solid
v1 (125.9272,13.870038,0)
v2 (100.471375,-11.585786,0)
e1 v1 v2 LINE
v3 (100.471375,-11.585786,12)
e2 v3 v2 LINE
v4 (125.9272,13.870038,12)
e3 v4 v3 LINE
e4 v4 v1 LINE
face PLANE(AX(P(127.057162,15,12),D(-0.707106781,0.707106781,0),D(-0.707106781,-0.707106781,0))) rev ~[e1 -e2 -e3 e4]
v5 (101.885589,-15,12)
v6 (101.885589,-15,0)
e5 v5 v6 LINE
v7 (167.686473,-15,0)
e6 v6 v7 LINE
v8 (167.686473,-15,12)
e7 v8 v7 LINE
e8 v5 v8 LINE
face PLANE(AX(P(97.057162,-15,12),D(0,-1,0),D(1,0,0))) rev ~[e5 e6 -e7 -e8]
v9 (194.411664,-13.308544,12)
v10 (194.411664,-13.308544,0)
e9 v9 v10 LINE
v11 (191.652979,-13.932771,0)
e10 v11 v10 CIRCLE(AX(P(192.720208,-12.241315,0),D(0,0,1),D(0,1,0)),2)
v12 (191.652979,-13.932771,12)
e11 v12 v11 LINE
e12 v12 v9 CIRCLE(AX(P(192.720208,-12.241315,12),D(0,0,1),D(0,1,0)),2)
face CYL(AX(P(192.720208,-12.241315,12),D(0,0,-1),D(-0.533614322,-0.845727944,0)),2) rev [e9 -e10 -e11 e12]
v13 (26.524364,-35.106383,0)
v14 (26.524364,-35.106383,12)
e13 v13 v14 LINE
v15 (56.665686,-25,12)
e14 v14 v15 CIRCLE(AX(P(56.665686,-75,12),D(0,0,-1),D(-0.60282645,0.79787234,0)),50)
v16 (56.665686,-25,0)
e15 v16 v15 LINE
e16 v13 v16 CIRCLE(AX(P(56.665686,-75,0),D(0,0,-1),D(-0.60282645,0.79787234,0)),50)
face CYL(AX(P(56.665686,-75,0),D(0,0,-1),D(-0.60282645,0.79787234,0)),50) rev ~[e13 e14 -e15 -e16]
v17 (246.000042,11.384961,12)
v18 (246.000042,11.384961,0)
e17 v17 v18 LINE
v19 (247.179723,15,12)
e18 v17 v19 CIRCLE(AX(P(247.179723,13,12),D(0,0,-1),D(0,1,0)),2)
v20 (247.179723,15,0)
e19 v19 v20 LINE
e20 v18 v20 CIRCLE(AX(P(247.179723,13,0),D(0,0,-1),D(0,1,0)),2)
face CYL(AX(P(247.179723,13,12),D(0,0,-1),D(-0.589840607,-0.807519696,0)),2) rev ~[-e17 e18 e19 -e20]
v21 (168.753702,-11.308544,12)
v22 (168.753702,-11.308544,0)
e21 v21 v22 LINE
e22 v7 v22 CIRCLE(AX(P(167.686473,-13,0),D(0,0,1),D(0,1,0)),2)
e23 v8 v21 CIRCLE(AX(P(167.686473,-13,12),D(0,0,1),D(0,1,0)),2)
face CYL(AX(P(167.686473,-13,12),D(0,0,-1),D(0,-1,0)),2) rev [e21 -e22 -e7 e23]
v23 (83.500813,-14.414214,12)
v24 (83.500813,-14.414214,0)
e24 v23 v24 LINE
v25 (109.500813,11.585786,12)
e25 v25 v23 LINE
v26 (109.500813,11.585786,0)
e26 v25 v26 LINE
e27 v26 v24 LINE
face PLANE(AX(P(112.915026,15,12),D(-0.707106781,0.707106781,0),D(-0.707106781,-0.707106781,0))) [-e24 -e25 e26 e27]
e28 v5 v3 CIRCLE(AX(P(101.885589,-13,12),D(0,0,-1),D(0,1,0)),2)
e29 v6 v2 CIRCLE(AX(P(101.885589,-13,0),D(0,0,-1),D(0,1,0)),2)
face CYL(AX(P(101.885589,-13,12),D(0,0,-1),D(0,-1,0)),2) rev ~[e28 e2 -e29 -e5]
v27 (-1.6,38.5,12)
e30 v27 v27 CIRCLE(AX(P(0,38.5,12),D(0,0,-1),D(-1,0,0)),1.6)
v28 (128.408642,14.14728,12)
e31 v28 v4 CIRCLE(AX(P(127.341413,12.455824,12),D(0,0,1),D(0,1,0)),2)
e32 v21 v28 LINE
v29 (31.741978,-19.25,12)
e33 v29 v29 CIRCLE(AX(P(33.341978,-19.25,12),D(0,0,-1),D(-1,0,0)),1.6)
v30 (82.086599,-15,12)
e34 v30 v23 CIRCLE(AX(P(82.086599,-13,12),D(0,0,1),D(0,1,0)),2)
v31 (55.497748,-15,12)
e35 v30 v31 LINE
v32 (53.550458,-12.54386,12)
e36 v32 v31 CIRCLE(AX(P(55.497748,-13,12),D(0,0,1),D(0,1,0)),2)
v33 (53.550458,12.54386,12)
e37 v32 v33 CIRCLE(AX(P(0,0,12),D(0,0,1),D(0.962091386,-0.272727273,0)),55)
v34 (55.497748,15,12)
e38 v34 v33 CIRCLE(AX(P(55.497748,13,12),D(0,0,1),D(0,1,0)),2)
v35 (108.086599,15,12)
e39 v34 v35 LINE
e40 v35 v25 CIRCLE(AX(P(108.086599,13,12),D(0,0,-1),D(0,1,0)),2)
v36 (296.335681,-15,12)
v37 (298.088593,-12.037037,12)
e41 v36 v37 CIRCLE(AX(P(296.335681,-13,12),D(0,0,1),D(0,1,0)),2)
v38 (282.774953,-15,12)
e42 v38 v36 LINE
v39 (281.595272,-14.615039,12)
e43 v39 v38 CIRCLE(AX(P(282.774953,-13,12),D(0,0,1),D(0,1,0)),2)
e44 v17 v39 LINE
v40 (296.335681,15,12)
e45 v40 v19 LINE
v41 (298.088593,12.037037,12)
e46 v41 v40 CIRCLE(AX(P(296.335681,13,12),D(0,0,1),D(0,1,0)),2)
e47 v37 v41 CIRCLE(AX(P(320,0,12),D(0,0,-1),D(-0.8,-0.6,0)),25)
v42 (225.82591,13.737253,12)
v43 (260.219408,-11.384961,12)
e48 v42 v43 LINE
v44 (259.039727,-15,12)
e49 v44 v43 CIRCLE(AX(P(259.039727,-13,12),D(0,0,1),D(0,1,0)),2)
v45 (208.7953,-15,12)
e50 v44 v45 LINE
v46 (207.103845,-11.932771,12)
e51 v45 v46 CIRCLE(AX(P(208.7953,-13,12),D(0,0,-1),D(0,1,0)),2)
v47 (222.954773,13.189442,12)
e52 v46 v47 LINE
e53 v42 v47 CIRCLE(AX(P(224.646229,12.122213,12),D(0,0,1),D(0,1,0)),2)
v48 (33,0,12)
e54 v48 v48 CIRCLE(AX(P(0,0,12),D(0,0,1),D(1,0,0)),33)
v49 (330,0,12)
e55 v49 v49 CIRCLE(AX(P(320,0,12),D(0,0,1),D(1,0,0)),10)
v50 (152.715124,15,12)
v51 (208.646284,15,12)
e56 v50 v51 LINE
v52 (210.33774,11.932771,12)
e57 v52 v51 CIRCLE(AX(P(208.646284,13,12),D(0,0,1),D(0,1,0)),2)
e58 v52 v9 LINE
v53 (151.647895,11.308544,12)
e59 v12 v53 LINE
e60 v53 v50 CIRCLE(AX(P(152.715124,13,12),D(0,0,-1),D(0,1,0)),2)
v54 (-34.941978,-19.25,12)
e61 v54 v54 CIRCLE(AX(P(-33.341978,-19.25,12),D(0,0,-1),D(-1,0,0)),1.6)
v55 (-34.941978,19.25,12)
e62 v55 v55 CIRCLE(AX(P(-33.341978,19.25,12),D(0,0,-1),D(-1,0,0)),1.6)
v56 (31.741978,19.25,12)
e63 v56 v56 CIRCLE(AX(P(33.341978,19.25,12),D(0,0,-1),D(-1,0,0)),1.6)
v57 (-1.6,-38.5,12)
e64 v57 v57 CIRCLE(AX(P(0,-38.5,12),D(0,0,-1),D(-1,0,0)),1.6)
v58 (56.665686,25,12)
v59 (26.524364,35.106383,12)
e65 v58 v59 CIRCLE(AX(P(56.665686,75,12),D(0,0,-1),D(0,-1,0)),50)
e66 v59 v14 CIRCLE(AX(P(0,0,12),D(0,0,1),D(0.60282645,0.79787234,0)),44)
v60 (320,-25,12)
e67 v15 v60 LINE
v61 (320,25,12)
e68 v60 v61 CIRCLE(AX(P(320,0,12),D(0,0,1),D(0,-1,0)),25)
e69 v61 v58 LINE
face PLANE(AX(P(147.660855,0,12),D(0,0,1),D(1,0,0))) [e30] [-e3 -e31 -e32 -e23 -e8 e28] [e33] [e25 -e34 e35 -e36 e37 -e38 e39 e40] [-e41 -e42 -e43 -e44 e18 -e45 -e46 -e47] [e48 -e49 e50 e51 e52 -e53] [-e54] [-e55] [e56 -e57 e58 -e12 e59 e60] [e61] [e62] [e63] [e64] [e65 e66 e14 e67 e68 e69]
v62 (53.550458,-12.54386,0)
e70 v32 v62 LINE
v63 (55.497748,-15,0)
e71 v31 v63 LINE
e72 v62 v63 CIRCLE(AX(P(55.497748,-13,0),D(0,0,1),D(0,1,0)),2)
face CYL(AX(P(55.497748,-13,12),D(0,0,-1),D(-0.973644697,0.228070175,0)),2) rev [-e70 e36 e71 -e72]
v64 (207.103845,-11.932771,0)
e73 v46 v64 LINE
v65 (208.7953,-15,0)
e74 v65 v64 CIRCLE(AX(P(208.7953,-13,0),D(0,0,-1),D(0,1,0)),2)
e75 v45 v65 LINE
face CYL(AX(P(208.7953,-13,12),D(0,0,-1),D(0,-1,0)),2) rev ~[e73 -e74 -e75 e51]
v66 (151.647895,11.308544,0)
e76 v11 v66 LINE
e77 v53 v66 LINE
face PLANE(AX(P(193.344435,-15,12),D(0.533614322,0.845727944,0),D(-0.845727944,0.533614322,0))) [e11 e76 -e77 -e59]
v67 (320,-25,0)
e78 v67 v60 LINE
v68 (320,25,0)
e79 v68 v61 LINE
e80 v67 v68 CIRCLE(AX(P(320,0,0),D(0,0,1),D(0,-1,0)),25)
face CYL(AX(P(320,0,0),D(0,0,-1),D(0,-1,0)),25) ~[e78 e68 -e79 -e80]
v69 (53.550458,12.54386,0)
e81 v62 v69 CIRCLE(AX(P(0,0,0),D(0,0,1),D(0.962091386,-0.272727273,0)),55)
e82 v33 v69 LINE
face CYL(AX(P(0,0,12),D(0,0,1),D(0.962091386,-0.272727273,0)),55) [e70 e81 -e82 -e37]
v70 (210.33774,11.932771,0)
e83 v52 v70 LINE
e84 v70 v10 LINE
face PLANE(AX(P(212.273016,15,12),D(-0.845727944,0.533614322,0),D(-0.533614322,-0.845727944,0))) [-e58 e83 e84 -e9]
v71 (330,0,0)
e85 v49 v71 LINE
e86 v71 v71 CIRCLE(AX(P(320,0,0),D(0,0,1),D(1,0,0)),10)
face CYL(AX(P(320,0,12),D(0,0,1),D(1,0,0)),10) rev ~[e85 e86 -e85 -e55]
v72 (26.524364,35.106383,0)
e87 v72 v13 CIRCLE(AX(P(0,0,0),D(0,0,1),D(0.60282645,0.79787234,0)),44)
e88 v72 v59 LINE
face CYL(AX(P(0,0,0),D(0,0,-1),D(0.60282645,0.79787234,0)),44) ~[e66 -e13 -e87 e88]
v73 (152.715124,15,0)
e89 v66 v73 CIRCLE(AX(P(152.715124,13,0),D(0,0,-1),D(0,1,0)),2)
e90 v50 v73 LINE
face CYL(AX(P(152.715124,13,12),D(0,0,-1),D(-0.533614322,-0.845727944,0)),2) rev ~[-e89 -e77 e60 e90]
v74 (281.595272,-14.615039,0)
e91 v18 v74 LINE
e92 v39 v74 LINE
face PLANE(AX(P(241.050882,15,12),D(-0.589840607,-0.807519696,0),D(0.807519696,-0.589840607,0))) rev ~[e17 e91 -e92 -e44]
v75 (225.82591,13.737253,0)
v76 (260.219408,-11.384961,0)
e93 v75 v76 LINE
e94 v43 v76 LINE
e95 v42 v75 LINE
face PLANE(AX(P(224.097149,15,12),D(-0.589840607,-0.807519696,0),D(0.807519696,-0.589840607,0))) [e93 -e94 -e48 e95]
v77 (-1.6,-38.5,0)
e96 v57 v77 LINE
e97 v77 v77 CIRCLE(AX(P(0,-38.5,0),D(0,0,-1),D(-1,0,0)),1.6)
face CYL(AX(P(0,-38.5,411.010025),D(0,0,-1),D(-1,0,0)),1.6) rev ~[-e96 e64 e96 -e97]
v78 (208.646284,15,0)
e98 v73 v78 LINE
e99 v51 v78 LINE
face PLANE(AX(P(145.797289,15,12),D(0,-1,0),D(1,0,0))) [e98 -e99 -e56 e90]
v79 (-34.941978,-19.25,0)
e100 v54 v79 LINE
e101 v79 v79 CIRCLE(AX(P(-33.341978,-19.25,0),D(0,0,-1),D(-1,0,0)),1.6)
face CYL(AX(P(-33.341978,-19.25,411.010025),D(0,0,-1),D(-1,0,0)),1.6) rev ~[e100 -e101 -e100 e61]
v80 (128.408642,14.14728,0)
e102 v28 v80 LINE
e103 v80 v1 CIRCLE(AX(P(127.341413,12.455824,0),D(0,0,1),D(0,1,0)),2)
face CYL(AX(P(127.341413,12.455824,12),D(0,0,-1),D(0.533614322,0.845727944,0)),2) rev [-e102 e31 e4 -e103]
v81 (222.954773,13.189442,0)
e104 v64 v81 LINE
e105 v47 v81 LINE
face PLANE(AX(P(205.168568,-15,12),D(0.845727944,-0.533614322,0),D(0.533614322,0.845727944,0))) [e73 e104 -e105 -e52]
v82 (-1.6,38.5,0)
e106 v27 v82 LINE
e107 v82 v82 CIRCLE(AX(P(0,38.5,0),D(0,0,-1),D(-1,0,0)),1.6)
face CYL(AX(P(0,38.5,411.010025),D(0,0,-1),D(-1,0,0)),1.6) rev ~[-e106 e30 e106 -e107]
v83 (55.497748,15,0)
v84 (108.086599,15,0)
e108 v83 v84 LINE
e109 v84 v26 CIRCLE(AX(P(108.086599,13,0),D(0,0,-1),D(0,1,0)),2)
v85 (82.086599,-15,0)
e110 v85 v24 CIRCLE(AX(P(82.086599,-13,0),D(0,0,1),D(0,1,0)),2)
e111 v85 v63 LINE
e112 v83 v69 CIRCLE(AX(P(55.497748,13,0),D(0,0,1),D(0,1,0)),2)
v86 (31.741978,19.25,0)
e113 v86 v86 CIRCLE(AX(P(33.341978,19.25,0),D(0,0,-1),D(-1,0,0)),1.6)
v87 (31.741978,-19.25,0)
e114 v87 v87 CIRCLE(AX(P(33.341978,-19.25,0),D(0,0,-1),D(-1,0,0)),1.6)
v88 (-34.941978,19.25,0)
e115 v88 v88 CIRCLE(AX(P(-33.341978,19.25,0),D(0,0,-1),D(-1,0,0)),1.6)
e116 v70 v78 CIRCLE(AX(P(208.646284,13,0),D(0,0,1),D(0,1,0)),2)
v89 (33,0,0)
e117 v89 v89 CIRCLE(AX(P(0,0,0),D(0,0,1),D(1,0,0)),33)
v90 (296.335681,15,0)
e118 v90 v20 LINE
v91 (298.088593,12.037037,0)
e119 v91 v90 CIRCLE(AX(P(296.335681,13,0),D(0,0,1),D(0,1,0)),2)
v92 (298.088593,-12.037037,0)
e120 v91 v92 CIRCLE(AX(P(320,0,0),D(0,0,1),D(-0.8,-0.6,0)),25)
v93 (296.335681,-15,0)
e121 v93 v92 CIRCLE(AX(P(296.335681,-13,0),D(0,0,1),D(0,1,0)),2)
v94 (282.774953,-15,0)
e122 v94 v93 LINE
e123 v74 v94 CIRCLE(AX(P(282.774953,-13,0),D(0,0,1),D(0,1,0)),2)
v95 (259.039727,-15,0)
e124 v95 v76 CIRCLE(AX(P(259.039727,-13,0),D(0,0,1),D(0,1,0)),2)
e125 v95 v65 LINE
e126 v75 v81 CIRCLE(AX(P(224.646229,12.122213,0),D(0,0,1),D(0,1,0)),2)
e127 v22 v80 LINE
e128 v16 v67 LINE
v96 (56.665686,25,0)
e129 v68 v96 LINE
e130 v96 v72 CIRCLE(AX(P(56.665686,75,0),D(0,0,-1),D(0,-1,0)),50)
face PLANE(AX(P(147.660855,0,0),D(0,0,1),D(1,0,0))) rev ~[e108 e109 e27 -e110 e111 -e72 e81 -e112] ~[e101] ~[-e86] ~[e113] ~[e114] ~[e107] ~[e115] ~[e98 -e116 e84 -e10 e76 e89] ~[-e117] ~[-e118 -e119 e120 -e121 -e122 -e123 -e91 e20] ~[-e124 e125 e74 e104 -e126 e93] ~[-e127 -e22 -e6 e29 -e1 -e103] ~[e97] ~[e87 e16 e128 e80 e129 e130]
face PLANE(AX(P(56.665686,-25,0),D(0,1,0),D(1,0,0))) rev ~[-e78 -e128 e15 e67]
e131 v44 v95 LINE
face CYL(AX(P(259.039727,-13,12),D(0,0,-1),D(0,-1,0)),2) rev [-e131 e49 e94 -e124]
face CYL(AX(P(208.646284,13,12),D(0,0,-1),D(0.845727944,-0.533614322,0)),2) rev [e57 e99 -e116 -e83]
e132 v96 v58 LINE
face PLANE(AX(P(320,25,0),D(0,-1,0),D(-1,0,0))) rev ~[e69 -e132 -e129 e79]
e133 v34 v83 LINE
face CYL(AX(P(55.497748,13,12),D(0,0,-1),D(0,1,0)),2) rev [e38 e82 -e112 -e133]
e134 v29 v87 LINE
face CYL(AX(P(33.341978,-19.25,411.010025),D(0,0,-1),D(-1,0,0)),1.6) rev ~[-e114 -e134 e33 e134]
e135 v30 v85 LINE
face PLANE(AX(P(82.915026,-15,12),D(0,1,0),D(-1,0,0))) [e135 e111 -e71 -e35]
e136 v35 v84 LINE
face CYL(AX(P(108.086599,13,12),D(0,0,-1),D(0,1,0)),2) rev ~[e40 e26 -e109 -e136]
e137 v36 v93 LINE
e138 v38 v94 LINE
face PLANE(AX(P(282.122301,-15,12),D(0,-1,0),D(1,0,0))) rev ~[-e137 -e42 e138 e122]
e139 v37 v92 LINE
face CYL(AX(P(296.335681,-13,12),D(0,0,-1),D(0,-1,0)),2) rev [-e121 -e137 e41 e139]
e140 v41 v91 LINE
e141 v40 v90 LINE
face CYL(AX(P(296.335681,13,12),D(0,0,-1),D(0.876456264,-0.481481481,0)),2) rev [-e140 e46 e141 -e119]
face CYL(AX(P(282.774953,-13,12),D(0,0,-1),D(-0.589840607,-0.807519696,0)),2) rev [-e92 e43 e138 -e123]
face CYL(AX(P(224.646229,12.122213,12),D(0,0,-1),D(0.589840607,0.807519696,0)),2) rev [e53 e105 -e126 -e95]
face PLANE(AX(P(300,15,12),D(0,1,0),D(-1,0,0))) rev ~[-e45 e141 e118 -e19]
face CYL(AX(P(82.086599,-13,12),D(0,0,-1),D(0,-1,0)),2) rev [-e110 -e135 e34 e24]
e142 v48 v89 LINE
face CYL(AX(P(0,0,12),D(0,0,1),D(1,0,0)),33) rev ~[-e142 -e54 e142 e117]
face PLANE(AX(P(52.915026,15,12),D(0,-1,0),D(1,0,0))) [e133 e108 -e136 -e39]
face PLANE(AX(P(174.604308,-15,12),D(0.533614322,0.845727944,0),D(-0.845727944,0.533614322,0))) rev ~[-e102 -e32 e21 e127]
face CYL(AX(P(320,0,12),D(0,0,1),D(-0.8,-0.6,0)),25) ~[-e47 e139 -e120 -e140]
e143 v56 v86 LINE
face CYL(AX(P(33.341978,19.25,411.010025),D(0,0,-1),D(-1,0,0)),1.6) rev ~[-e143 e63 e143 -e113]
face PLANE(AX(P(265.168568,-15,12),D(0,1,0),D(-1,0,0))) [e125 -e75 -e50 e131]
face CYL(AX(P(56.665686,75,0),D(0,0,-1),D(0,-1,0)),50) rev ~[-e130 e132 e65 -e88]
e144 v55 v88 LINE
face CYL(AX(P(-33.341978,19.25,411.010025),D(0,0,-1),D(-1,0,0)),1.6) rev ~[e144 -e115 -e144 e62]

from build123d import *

# Parameters (mm, degrees)
EXTRUDE_1_DEPTH         = 12
SKETCH_5_R              = 33
SKETCH_5_R_2            = 10
CUT_EXTRUDE_1_DEPTH     = 349.001436779
CUT_EXTRUDE_2_DEPTH     = 349.001436779
FILLET_1_R              = 2
HOLE_WIZARD_3_2_3_2_1_D = 3.2


with BuildPart() as part:
    # 草图1 → 凸台-拉伸1 (new body)
    with BuildSketch(Plane.XY):
        with BuildLine():
            Line((320, 25), (56.665686266, 25))
            ThreePointArc((56.665686266, 25), (40.770417333, 27.593877763), (26.524363784, 35.106382979))
            ThreePointArc((26.524363784, 35.106382979), (-44, 0), (26.524363784, -35.106382979))
            ThreePointArc((26.524363784, -35.106382979), (40.770417333, -27.593877763), (56.665686266, -25))
            Line((56.665686266, -25), (320, -25))
            ThreePointArc((320, -25), (345, 0), (320, 25))
        make_face()
    extrude(amount=EXTRUDE_1_DEPTH)

    # 草图5 → 切除-拉伸1 (cut, through all)
    with BuildSketch(Plane.XY.offset(12)):
        Circle(SKETCH_5_R)
        with Locations((320, 0)):
            Circle(SKETCH_5_R_2)
    extrude(amount=-CUT_EXTRUDE_1_DEPTH, mode=Mode.SUBTRACT)

    # 草图6 → 切除-拉伸2 (cut, through all)
    with BuildSketch(Plane.XY.offset(12)):
        with BuildLine():
            Line((112.915026221, 15), (82.915026221, -15))
            Line((82.915026221, -15), (72.915026221, -15))
            Line((72.915026221, -15), (52.915026221, -15))
            ThreePointArc((52.915026221, -15), (55, 0), (52.915026221, 15))
            Line((52.915026221, 15), (112.915026221, 15))
        make_face()
        Polygon((97.057161845, -15), (174.604308358, -15), (127.057161845, 15), align=None)
        Polygon((145.797288554, 15), (212.27301577, 15), (193.344435067, -15), align=None)
        Polygon((205.168568427, -15), (224.097149131, 15), (265.168568427, -15), align=None)
        with BuildLine():
            Line((241.050881866, 15), (282.122301163, -15))
            Line((282.122301163, -15), (300, -15))
            ThreePointArc((300, -15), (295, 0), (300, 15))
            Line((300, 15), (241.050881866, 15))
        make_face()
    extrude(amount=-CUT_EXTRUDE_2_DEPTH, mode=Mode.SUBTRACT)

    # 圆角1
    fillet_1_edges = [part.edges().sort_by_distance(p)[0] for p in [
        (97.057161845, -15, 6),
        (127.057161845, 15, 6),
        (174.604308358, -15, 6),
        (82.915026221, -15, 6),
        (52.915026221, -15, 6),
        (52.915026221, 15, 6),
        (112.915026221, 15, 6),
        (193.344435067, -15, 6),
        (145.797288554, 15, 6),
        (212.27301577, 15, 6),
        (241.050881866, 15, 6),
        (300, 15, 6),
        (300, -15, 6),
        (282.122301163, -15, 6),
        (265.168568427, -15, 6),
        (205.168568427, -15, 6),
        (224.097149131, 15, 6),
    ]]
    fillet(fillet_1_edges, radius=FILLET_1_R)

    # Ø3.2 (3.2) 直径孔1 (through all)
    with Locations(Plane(origin=(0, 38.5, 12), x_dir=(1, 0, 0), z_dir=(0, 0, 1))):
        with Locations((0, 0), (-33.341978046, -19.25), (-33.341978046, -57.75), (0, -77), (33.341978046, -57.75), (33.341978046, -19.25)):
            Hole(HOLE_WIZARD_3_2_3_2_1_D / 2)


solid = part.part
